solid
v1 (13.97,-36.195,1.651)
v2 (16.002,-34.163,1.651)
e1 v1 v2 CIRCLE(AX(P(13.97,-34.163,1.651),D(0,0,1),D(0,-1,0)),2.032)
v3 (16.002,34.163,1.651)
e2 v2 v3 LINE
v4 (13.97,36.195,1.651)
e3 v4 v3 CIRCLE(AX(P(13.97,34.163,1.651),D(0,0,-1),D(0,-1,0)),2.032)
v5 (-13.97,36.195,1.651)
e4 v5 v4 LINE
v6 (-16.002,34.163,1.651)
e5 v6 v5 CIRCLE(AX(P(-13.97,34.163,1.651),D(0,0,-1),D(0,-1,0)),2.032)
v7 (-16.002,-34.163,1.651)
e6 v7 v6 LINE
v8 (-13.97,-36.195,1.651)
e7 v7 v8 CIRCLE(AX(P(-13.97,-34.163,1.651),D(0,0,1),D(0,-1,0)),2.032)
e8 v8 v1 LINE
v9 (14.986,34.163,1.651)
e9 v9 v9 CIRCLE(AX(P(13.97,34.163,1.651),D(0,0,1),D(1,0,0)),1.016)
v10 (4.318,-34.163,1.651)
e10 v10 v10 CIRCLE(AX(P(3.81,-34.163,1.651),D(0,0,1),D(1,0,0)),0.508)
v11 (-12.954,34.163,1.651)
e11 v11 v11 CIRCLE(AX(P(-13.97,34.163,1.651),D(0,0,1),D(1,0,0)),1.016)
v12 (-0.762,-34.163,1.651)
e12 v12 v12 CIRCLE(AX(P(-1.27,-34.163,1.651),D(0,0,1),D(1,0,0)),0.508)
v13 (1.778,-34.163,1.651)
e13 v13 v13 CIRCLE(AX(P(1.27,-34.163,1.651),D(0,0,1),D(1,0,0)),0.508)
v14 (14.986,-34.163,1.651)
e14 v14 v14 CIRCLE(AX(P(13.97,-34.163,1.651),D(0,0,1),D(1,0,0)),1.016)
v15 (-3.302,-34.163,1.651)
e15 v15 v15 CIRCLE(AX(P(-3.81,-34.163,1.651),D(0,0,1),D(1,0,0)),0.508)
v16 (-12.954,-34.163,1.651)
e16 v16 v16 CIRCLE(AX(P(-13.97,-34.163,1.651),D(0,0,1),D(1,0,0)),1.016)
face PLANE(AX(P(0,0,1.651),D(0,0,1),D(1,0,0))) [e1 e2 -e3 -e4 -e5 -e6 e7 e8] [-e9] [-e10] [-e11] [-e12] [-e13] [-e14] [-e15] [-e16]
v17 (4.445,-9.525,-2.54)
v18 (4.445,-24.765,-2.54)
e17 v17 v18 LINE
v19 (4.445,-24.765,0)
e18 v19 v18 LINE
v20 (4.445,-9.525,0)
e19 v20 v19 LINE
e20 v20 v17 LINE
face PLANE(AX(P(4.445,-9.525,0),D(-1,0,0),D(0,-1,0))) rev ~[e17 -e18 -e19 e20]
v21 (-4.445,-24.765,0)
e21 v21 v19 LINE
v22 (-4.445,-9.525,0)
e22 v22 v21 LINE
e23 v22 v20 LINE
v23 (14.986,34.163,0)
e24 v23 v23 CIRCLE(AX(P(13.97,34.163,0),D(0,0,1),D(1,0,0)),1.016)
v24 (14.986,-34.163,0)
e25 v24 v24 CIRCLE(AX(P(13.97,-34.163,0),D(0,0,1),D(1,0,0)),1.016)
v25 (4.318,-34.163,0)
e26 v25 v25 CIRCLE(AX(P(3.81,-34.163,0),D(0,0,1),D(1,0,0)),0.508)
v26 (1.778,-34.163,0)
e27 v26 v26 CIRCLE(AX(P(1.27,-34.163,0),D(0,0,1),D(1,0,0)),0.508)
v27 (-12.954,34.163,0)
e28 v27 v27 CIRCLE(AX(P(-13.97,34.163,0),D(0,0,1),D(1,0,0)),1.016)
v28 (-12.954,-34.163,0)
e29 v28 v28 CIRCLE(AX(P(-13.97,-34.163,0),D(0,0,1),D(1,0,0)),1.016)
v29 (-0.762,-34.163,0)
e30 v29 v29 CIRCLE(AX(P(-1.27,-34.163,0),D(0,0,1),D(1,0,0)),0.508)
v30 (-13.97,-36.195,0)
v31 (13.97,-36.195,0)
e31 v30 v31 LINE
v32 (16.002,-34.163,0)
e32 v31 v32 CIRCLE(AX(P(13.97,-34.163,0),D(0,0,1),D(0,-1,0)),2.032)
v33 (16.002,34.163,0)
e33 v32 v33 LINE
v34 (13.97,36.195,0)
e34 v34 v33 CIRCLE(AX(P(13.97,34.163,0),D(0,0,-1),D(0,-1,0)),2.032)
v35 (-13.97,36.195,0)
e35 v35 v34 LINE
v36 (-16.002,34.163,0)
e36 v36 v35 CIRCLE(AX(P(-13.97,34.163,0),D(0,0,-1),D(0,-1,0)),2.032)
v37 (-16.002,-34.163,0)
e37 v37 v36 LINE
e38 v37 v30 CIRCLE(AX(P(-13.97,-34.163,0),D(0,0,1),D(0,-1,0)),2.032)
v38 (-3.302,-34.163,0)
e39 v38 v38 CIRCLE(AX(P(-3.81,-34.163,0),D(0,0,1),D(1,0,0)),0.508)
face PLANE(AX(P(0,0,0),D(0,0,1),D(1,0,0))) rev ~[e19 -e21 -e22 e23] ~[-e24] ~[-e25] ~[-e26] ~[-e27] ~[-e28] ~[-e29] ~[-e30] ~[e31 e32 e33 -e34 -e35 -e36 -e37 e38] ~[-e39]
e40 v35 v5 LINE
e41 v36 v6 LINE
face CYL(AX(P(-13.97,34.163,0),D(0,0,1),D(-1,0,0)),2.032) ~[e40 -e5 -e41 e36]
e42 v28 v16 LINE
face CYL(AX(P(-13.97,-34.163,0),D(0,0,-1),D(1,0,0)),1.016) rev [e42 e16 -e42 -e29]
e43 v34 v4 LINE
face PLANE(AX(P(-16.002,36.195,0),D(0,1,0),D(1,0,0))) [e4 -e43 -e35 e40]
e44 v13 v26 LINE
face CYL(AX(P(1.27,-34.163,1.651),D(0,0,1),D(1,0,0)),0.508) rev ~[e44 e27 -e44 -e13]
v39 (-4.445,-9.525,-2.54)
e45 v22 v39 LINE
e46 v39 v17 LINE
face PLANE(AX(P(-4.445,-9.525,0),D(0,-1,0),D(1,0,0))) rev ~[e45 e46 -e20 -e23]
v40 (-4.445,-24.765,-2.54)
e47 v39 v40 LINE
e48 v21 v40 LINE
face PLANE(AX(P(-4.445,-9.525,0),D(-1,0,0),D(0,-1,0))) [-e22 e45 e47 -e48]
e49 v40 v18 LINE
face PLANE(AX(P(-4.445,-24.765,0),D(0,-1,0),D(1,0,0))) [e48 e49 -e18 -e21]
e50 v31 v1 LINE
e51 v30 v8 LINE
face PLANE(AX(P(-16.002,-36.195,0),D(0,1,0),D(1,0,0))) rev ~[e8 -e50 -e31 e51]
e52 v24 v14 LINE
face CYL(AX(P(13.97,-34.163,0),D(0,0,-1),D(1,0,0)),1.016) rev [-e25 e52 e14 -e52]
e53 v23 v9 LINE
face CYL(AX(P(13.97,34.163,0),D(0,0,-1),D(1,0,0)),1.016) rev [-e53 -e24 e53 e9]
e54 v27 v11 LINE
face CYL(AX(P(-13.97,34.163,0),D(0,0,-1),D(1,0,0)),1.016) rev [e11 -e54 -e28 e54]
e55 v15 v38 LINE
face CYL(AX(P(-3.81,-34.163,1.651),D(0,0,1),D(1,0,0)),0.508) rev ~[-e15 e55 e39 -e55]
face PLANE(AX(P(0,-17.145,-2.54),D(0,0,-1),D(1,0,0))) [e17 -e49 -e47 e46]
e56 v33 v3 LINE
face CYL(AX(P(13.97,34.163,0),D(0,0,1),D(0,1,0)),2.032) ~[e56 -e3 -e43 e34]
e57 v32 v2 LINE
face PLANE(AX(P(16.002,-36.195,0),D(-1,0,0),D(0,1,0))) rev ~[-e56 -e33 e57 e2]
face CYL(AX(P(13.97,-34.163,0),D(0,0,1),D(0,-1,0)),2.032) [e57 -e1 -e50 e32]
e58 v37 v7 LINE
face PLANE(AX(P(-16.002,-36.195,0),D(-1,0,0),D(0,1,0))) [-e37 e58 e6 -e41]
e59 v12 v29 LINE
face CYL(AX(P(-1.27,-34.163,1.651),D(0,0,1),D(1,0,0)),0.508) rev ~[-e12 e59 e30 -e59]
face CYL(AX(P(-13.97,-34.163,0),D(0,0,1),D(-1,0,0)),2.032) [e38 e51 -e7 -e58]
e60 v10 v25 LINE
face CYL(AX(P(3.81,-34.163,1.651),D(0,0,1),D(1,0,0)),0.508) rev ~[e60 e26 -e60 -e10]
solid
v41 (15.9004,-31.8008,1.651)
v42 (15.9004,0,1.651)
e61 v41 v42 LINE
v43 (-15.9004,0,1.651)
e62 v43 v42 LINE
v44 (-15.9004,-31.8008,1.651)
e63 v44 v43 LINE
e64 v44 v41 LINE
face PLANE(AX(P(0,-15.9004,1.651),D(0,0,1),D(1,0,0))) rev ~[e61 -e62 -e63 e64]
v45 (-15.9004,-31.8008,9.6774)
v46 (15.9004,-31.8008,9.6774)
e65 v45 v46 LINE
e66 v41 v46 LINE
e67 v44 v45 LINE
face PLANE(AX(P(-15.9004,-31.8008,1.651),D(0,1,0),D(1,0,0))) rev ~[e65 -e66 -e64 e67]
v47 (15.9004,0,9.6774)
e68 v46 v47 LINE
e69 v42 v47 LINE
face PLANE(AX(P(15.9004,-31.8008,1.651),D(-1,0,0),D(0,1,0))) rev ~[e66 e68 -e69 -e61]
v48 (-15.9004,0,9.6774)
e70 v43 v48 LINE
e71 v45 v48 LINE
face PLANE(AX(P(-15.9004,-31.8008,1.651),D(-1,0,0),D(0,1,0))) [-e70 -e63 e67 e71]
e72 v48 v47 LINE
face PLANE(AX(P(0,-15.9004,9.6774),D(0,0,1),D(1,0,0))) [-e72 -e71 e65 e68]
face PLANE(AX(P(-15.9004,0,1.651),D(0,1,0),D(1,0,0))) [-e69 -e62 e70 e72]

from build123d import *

# Parameters (mm, degrees)
F0_W     = 32.004
F0_H     = 72.39
F0_R     = 1.016
F1_DEPTH = 1.651
F2_W     = 31.8008
F2_H     = 31.8008
F3_DEPTH = 8.0264
F4_R     = 2.032
F5_R     = 0.508
F6_DEPTH = 1.652
F7_W     = 8.89
F7_H     = 15.24
F8_DEPTH = 2.54


with BuildPart() as f1:
    # F0 (on Top) → F1 (new body)
    with BuildSketch(Plane.XY):
        Rectangle(F0_W, F0_H)
        with Locations((-13.97, -34.163)):
            Circle(F0_R, mode=Mode.SUBTRACT)
        with Locations((13.97, -34.163)):
            Circle(F0_R, mode=Mode.SUBTRACT)
        with Locations((-13.97, 34.163)):
            Circle(F0_R, mode=Mode.SUBTRACT)
        with Locations((13.97, 34.163)):
            Circle(F0_R, mode=Mode.SUBTRACT)
    extrude(amount=F1_DEPTH)

    # F4
    f4_edges = [f1.edges().sort_by_distance(p)[0] for p in [
        (16.002, -36.195, 0.8255),
        (-16.002, -36.195, 0.8255),
        (-16.002, 36.195, 0.8255),
        (16.002, 36.195, 0.8255),
    ]]
    fillet(f4_edges, radius=F4_R)

    # F5 (on face) → F6 (cut, through all)
    with BuildSketch(Plane.XY.offset(1.651)):
        with Locations((3.81, -34.163)):
            Circle(F5_R)
        with Locations((1.27, -34.163)):
            Circle(F5_R)
        with Locations((-1.27, -34.163)):
            Circle(F5_R)
        with Locations((-3.81, -34.163)):
            Circle(F5_R)
    extrude(amount=-F6_DEPTH, mode=Mode.SUBTRACT)

    # F7 (on face) → F8 (join)
    with BuildSketch(Plane(origin=(0, 0, 0), x_dir=(1, 0, 0), z_dir=(0, 0, -1))):
        with Locations((0, 17.145)):
            Rectangle(F7_W, F7_H)
    extrude(amount=F8_DEPTH)


with BuildPart() as f3:
    # F2 (on face) → F3 (new body)
    with BuildSketch(Plane.XY.offset(1.651)):
        with Locations((0, -15.9004)):
            Rectangle(F2_W, F2_H)
    extrude(amount=F3_DEPTH)


solid = Compound([f1.part, f3.part])
